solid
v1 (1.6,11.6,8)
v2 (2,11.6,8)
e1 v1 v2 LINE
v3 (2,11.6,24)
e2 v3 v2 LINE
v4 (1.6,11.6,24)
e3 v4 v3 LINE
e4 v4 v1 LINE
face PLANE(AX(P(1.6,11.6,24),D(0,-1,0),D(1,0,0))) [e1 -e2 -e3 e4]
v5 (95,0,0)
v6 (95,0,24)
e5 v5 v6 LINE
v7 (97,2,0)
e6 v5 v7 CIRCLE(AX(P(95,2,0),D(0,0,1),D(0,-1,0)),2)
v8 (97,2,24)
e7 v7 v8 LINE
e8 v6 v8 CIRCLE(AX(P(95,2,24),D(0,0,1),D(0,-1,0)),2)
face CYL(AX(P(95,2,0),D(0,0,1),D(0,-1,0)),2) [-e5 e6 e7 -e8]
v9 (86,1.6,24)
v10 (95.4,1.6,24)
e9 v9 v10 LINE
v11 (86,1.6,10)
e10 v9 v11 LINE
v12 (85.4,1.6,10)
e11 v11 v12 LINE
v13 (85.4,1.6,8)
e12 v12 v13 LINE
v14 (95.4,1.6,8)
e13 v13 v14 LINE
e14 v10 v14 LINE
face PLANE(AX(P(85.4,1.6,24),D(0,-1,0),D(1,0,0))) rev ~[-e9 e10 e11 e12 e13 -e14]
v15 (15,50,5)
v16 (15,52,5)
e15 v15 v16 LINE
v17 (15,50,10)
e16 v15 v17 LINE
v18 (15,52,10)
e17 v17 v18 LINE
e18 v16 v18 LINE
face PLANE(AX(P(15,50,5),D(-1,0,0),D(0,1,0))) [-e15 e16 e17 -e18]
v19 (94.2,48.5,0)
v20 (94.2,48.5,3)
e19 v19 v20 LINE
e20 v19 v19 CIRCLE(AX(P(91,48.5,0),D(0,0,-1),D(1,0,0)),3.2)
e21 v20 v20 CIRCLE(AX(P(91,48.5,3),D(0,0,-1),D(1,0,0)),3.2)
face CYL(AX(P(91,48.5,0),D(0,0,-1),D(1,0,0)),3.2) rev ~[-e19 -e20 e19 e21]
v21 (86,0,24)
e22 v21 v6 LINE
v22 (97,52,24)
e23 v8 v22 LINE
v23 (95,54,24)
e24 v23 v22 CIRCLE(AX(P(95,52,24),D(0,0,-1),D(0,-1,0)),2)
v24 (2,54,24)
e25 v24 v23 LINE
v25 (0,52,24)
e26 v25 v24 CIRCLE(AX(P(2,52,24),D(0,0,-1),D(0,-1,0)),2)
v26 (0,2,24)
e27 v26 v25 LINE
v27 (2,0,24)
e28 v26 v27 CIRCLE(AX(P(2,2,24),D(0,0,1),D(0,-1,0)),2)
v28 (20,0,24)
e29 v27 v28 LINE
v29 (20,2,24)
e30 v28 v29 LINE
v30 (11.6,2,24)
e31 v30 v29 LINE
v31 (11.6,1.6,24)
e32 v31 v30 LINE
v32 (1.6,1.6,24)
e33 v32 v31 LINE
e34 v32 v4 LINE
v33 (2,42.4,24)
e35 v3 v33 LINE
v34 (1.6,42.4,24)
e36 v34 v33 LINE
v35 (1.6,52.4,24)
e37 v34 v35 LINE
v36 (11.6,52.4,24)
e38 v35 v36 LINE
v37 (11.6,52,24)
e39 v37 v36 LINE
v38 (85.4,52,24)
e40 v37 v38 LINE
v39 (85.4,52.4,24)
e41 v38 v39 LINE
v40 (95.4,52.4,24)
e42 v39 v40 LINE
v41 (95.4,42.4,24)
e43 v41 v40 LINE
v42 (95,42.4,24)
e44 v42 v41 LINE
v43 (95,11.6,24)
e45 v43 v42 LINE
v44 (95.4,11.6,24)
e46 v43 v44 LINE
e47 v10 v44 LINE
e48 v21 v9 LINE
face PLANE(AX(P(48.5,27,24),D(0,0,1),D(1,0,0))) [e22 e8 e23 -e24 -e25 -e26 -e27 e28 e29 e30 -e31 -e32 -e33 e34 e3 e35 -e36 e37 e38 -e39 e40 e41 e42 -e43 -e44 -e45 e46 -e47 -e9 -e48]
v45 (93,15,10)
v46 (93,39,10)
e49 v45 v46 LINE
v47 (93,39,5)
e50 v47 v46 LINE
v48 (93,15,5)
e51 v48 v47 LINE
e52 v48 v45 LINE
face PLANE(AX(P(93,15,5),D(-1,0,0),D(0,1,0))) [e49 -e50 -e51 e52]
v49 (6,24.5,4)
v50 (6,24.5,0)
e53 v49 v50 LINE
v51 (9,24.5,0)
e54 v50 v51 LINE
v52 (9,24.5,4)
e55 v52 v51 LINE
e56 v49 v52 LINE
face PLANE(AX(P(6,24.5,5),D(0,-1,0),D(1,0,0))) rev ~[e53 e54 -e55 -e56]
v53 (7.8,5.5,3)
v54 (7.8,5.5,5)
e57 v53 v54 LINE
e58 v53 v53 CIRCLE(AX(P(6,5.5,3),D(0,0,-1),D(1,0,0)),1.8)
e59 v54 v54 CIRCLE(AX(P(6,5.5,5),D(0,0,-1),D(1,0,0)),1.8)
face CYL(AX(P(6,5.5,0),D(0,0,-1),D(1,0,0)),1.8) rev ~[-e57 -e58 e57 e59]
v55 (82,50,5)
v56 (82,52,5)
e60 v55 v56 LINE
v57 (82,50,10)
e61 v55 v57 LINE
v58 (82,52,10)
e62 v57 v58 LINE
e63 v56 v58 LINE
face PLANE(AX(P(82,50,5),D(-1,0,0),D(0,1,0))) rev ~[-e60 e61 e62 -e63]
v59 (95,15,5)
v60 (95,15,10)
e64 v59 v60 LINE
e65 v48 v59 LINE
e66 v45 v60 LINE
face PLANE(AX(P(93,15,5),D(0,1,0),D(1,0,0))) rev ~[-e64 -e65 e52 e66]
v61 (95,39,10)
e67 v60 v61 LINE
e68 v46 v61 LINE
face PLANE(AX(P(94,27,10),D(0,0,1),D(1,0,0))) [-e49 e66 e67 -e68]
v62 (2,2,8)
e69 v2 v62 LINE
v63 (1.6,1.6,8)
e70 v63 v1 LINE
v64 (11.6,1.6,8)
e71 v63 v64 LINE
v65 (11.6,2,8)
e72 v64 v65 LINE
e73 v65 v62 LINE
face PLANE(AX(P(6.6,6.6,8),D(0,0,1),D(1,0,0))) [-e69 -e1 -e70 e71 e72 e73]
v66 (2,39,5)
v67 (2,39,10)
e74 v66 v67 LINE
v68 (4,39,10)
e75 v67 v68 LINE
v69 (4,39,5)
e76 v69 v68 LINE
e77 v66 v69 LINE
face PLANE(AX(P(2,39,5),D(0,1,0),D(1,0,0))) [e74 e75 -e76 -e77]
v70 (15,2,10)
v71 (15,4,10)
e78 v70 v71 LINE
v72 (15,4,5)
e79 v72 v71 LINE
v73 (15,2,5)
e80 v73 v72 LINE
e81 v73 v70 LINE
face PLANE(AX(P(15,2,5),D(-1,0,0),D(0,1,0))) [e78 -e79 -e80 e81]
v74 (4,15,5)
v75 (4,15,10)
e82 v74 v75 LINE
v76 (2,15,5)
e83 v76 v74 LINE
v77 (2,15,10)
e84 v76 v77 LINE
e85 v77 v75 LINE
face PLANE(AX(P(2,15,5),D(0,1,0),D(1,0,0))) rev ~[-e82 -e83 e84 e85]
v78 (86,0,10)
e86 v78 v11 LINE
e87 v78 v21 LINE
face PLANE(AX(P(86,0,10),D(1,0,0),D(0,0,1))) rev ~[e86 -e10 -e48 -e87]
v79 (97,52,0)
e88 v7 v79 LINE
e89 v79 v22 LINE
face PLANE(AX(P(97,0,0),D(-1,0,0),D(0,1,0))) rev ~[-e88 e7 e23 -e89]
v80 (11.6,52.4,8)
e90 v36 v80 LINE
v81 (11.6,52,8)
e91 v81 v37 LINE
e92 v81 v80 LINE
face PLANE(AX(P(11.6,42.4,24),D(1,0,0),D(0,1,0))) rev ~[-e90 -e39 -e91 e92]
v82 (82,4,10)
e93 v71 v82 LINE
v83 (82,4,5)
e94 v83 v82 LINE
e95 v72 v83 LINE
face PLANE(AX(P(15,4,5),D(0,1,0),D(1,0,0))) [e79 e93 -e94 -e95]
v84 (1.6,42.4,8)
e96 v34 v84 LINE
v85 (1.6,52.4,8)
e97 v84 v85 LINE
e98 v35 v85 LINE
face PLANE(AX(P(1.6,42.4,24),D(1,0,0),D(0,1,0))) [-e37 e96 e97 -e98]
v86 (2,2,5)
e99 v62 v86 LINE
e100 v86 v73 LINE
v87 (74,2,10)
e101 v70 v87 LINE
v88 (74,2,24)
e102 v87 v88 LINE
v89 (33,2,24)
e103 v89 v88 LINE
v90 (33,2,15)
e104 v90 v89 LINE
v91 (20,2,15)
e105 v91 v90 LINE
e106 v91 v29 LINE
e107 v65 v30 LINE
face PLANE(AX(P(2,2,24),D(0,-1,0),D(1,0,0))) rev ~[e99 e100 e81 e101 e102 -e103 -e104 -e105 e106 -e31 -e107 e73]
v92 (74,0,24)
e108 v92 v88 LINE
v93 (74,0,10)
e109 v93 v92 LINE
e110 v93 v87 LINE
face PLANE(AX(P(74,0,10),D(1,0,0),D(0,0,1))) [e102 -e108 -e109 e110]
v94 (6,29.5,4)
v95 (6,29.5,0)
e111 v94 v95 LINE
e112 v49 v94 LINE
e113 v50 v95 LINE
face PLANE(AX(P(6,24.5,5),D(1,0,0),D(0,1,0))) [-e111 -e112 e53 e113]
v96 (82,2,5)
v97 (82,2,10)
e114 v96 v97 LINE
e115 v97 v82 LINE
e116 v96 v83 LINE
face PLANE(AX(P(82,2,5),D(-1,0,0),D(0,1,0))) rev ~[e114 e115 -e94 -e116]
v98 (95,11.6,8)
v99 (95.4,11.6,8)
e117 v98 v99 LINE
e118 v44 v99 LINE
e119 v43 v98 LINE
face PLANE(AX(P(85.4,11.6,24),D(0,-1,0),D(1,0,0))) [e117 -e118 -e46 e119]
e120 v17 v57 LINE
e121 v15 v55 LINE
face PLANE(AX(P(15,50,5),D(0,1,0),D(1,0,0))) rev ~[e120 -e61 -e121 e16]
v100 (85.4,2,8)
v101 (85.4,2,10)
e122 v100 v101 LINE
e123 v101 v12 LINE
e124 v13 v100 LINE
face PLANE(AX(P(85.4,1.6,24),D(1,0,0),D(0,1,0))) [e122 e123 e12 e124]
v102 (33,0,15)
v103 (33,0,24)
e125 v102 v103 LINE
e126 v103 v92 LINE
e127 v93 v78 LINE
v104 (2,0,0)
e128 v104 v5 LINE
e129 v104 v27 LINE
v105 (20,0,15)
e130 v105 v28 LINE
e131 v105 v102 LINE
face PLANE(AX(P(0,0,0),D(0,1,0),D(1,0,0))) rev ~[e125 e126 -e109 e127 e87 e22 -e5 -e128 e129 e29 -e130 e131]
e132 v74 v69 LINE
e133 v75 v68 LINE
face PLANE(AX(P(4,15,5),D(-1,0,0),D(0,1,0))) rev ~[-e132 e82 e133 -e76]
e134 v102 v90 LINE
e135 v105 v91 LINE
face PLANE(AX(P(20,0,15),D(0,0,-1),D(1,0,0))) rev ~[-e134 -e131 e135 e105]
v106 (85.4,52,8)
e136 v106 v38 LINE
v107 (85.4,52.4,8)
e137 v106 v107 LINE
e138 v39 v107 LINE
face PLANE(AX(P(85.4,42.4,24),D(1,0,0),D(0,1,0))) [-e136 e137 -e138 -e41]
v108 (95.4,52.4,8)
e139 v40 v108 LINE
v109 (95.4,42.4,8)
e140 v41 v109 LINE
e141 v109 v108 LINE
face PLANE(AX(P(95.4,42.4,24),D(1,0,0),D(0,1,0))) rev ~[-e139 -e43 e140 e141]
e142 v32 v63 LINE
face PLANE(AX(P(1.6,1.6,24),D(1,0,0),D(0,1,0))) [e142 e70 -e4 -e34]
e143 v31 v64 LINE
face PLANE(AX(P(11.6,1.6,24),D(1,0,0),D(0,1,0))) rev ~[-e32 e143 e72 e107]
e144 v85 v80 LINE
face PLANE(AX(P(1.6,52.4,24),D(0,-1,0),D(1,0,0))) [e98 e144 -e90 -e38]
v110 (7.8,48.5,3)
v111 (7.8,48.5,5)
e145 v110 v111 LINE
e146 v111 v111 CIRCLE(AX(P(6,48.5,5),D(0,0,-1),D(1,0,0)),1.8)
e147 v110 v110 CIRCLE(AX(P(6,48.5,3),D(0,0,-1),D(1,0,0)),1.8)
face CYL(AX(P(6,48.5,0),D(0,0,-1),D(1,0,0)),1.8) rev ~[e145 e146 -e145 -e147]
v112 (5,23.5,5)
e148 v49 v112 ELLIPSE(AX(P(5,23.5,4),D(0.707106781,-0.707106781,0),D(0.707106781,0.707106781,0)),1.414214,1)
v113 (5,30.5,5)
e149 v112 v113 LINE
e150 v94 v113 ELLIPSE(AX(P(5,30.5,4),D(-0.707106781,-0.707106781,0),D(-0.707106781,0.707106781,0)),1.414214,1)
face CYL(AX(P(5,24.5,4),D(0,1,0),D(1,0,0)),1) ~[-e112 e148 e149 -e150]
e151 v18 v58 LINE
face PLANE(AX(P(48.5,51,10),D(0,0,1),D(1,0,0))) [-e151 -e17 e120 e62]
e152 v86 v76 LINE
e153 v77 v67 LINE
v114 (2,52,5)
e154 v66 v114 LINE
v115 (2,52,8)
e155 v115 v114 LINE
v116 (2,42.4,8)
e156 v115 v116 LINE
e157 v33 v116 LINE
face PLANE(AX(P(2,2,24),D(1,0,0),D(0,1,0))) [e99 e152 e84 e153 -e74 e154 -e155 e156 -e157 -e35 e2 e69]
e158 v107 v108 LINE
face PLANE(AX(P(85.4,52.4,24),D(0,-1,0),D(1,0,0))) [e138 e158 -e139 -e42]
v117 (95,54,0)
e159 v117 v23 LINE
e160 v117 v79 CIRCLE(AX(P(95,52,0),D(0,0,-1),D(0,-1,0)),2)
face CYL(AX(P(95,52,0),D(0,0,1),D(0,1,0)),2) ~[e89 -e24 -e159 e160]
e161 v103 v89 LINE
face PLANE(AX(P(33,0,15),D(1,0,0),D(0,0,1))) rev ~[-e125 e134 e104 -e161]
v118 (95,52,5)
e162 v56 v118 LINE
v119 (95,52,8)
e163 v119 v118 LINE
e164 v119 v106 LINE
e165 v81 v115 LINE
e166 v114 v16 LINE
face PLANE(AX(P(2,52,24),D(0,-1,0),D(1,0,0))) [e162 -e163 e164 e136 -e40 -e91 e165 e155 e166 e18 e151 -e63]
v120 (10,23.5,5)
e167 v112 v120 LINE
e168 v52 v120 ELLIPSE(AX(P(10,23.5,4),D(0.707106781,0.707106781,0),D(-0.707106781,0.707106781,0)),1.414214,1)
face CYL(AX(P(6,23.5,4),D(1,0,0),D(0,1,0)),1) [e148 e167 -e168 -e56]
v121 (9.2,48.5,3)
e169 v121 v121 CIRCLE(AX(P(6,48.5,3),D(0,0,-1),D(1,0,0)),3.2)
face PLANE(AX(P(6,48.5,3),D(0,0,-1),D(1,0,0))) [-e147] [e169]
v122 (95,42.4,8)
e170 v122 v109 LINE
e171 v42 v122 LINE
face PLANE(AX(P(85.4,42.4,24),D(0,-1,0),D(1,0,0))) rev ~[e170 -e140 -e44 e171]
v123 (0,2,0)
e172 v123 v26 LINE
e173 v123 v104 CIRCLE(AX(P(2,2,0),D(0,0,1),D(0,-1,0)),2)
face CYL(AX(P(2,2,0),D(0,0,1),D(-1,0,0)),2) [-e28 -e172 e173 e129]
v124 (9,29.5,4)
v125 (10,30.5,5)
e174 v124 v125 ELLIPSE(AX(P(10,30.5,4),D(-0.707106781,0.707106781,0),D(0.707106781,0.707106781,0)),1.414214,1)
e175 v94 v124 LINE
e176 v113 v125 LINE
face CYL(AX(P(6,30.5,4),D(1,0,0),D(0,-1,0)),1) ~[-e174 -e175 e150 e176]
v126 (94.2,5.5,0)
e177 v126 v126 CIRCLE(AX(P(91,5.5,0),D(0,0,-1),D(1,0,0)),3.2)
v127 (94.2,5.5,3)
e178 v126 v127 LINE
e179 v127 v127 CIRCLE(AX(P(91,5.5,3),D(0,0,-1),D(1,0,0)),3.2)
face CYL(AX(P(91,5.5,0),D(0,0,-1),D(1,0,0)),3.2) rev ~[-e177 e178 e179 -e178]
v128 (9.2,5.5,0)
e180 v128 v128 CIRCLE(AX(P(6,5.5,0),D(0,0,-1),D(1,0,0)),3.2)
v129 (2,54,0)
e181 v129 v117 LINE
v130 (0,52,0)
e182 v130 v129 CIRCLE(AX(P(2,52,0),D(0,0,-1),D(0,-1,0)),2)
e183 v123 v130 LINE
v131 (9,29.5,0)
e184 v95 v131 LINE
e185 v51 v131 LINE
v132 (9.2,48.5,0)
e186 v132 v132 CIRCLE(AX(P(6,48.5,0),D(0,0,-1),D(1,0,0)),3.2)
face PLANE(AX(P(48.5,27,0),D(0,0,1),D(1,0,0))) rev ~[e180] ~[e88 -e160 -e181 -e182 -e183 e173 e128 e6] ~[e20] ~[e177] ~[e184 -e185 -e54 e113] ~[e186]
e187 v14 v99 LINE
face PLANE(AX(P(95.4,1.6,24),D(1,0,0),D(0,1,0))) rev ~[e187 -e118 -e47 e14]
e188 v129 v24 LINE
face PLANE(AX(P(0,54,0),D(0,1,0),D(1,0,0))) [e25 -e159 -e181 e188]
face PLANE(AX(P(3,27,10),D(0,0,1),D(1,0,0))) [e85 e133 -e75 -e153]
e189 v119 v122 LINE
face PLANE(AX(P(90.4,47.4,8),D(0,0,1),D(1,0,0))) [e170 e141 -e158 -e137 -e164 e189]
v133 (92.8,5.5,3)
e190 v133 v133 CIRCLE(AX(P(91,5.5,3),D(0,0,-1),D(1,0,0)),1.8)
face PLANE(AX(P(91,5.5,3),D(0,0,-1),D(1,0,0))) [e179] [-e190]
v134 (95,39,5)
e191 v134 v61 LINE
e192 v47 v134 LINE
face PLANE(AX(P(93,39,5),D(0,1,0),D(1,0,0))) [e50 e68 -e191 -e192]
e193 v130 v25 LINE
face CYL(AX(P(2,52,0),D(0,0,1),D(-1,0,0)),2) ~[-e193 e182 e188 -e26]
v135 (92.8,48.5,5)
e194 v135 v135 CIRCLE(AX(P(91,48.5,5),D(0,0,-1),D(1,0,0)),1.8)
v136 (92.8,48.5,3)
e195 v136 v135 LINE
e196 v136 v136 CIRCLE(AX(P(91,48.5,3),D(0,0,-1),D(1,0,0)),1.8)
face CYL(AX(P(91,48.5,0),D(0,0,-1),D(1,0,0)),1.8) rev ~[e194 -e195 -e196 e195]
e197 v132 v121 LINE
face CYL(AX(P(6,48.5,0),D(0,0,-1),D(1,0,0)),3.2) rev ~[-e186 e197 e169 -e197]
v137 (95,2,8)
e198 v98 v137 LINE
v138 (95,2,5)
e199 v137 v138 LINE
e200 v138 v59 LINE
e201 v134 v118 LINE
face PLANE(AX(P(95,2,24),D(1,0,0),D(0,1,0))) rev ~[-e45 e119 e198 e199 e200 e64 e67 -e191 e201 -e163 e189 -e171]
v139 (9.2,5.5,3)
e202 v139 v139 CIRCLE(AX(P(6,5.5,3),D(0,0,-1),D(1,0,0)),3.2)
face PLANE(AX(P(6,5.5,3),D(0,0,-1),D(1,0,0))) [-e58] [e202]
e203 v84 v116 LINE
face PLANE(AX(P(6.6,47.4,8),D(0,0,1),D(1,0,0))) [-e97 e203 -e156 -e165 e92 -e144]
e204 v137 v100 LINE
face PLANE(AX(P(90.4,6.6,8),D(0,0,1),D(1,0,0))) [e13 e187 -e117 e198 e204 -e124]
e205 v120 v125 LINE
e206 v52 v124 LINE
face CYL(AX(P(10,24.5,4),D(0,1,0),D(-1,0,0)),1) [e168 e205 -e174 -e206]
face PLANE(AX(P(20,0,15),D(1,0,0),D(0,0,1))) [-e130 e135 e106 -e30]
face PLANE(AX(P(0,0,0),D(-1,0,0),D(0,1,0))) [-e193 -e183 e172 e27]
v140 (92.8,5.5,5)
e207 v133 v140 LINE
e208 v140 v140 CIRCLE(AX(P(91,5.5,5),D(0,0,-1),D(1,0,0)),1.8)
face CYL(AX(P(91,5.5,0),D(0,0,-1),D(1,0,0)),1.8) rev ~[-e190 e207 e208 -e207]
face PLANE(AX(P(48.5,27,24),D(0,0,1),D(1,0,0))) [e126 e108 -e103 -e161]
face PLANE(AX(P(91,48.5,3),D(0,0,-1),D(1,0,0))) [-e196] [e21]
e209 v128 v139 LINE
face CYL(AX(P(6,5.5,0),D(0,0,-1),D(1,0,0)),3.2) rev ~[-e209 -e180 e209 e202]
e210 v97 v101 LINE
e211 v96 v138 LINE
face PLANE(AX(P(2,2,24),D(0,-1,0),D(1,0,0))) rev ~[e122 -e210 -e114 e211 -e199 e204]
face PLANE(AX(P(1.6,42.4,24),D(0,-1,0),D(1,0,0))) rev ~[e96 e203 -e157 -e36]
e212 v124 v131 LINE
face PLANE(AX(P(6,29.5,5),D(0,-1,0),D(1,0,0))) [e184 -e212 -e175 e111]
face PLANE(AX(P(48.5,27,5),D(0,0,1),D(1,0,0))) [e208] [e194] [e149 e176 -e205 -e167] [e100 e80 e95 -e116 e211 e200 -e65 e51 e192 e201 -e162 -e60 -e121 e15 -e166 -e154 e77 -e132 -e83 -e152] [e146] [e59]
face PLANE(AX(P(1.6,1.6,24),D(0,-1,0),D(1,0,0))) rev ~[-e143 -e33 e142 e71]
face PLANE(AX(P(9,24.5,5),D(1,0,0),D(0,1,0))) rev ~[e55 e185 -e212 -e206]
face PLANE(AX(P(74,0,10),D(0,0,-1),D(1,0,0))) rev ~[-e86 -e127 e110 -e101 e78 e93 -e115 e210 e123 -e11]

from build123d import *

# Parameters (mm, degrees)
SKETCH_W        = 97
SKETCH_H        = 54
PAD_DEPTH       = 24
SKETCH001_W     = 93
SKETCH001_H     = 50
POCKET_DEPTH    = 19
SKETCH002_R     = 1.8
POCKET001_DEPTH = 24.001
SKETCH003_R     = 3.2
POCKET002_DEPTH = 3
SKETCH004_W     = 67
SKETCH004_H     = 2
SKETCH004_W_2   = 2
SKETCH004_H_2   = 24
PAD001_DEPTH    = 5
SKETCH005_W     = 13
SKETCH005_H     = 9
POCKET003_DEPTH = 2
SKETCH006_W     = 12
SKETCH006_H     = 14
POCKET004_DEPTH = 2
FILLET_R        = 2
SKETCH007_W     = 10
SKETCH007_H     = 10
POCKET005_DEPTH = 16
SKETCH008_W     = 3
SKETCH008_H     = 5
POCKET006_DEPTH = 5.001
FILLET001_R     = 1


with BuildPart() as part:
    # Sketch → Pad (new body)
    with BuildSketch(Plane.XY):
        with Locations((48.5, 27)):
            Rectangle(SKETCH_W, SKETCH_H)
    extrude(amount=PAD_DEPTH)

    # Sketch001 → Pocket (cut)
    with BuildSketch(Plane.XY.offset(24)):
        with Locations((48.5, 27)):
            Rectangle(SKETCH001_W, SKETCH001_H)
    extrude(amount=-POCKET_DEPTH, mode=Mode.SUBTRACT)

    # Sketch002 → Pocket001 (cut, through all)
    with BuildSketch(Plane(origin=(0, 0, 0), x_dir=(1, 0, 0), z_dir=(0, 0, -1))):
        with Locations((6, -5.5)):
            Circle(SKETCH002_R)
        with Locations((91, -5.5)):
            Circle(SKETCH002_R)
        with Locations((91, -48.5)):
            Circle(SKETCH002_R)
        with Locations((6, -48.5)):
            Circle(SKETCH002_R)
    extrude(amount=-POCKET001_DEPTH, mode=Mode.SUBTRACT)

    # Sketch003 → Pocket002 (cut)
    with BuildSketch(Plane(origin=(0, 0, 0), x_dir=(1, 0, 0), z_dir=(0, 0, -1))):
        with Locations((6, -5.5)):
            Circle(SKETCH003_R)
        with Locations((6, -48.5)):
            Circle(SKETCH003_R)
        with Locations((91, -5.5)):
            Circle(SKETCH003_R)
        with Locations((91, -48.5)):
            Circle(SKETCH003_R)
    extrude(amount=-POCKET002_DEPTH, mode=Mode.SUBTRACT)

    # Sketch004 → Pad001 (new body)
    with BuildSketch(Plane.XY.offset(5)):
        with Locations((48.5, 3)):
            Rectangle(SKETCH004_W, SKETCH004_H)
        with Locations((48.5, 51)):
            Rectangle(SKETCH004_W, SKETCH004_H)
        with Locations((3, 27)):
            Rectangle(SKETCH004_W_2, SKETCH004_H_2)
        with Locations((94, 27)):
            Rectangle(SKETCH004_W_2, SKETCH004_H_2)
    extrude(amount=PAD001_DEPTH)

    # Sketch005 → Pocket003 (cut)
    with BuildSketch(Plane.XZ):
        with Locations((26.5, 19.5)):
            Rectangle(SKETCH005_W, SKETCH005_H)
    extrude(amount=-POCKET003_DEPTH, mode=Mode.SUBTRACT)

    # Sketch006 → Pocket004 (cut)
    with BuildSketch(Plane.XZ):
        with Locations((80, 17)):
            Rectangle(SKETCH006_W, SKETCH006_H)
    extrude(amount=-POCKET004_DEPTH, mode=Mode.SUBTRACT)

    # Fillet
    fillet_edges = [part.edges().sort_by_distance(p)[0] for p in [
        (97, 0, 12),
        (0, 0, 12),
        (97, 54, 12),
        (0, 54, 12),
    ]]
    fillet(fillet_edges, radius=FILLET_R)

    # Sketch007 → Pocket005 (cut)
    with BuildSketch(Plane.XY.offset(24)):
        with Locations((6.6, 6.6)):
            Rectangle(SKETCH007_W, SKETCH007_H)
        with Locations((6.6, 47.4)):
            Rectangle(SKETCH007_W, SKETCH007_H)
        with Locations((90.4, 6.6)):
            Rectangle(SKETCH007_W, SKETCH007_H)
        with Locations((90.4, 47.4)):
            Rectangle(SKETCH007_W, SKETCH007_H)
    extrude(amount=-POCKET005_DEPTH, mode=Mode.SUBTRACT)

    # Sketch008 → Pocket006 (cut, through all)
    with BuildSketch(Plane.XY.offset(5)):
        with Locations((7.5, 27)):
            Rectangle(SKETCH008_W, SKETCH008_H)
    extrude(amount=-POCKET006_DEPTH, mode=Mode.SUBTRACT)

    # Fillet001
    fillet001_edges = [part.edges().sort_by_distance(p)[0] for p in [
        (6, 27, 5),
        (9, 27, 5),
        (7.5, 29.5, 5),
        (7.5, 24.5, 5),
    ]]
    fillet(fillet001_edges, radius=FILLET001_R)


solid = part.part
